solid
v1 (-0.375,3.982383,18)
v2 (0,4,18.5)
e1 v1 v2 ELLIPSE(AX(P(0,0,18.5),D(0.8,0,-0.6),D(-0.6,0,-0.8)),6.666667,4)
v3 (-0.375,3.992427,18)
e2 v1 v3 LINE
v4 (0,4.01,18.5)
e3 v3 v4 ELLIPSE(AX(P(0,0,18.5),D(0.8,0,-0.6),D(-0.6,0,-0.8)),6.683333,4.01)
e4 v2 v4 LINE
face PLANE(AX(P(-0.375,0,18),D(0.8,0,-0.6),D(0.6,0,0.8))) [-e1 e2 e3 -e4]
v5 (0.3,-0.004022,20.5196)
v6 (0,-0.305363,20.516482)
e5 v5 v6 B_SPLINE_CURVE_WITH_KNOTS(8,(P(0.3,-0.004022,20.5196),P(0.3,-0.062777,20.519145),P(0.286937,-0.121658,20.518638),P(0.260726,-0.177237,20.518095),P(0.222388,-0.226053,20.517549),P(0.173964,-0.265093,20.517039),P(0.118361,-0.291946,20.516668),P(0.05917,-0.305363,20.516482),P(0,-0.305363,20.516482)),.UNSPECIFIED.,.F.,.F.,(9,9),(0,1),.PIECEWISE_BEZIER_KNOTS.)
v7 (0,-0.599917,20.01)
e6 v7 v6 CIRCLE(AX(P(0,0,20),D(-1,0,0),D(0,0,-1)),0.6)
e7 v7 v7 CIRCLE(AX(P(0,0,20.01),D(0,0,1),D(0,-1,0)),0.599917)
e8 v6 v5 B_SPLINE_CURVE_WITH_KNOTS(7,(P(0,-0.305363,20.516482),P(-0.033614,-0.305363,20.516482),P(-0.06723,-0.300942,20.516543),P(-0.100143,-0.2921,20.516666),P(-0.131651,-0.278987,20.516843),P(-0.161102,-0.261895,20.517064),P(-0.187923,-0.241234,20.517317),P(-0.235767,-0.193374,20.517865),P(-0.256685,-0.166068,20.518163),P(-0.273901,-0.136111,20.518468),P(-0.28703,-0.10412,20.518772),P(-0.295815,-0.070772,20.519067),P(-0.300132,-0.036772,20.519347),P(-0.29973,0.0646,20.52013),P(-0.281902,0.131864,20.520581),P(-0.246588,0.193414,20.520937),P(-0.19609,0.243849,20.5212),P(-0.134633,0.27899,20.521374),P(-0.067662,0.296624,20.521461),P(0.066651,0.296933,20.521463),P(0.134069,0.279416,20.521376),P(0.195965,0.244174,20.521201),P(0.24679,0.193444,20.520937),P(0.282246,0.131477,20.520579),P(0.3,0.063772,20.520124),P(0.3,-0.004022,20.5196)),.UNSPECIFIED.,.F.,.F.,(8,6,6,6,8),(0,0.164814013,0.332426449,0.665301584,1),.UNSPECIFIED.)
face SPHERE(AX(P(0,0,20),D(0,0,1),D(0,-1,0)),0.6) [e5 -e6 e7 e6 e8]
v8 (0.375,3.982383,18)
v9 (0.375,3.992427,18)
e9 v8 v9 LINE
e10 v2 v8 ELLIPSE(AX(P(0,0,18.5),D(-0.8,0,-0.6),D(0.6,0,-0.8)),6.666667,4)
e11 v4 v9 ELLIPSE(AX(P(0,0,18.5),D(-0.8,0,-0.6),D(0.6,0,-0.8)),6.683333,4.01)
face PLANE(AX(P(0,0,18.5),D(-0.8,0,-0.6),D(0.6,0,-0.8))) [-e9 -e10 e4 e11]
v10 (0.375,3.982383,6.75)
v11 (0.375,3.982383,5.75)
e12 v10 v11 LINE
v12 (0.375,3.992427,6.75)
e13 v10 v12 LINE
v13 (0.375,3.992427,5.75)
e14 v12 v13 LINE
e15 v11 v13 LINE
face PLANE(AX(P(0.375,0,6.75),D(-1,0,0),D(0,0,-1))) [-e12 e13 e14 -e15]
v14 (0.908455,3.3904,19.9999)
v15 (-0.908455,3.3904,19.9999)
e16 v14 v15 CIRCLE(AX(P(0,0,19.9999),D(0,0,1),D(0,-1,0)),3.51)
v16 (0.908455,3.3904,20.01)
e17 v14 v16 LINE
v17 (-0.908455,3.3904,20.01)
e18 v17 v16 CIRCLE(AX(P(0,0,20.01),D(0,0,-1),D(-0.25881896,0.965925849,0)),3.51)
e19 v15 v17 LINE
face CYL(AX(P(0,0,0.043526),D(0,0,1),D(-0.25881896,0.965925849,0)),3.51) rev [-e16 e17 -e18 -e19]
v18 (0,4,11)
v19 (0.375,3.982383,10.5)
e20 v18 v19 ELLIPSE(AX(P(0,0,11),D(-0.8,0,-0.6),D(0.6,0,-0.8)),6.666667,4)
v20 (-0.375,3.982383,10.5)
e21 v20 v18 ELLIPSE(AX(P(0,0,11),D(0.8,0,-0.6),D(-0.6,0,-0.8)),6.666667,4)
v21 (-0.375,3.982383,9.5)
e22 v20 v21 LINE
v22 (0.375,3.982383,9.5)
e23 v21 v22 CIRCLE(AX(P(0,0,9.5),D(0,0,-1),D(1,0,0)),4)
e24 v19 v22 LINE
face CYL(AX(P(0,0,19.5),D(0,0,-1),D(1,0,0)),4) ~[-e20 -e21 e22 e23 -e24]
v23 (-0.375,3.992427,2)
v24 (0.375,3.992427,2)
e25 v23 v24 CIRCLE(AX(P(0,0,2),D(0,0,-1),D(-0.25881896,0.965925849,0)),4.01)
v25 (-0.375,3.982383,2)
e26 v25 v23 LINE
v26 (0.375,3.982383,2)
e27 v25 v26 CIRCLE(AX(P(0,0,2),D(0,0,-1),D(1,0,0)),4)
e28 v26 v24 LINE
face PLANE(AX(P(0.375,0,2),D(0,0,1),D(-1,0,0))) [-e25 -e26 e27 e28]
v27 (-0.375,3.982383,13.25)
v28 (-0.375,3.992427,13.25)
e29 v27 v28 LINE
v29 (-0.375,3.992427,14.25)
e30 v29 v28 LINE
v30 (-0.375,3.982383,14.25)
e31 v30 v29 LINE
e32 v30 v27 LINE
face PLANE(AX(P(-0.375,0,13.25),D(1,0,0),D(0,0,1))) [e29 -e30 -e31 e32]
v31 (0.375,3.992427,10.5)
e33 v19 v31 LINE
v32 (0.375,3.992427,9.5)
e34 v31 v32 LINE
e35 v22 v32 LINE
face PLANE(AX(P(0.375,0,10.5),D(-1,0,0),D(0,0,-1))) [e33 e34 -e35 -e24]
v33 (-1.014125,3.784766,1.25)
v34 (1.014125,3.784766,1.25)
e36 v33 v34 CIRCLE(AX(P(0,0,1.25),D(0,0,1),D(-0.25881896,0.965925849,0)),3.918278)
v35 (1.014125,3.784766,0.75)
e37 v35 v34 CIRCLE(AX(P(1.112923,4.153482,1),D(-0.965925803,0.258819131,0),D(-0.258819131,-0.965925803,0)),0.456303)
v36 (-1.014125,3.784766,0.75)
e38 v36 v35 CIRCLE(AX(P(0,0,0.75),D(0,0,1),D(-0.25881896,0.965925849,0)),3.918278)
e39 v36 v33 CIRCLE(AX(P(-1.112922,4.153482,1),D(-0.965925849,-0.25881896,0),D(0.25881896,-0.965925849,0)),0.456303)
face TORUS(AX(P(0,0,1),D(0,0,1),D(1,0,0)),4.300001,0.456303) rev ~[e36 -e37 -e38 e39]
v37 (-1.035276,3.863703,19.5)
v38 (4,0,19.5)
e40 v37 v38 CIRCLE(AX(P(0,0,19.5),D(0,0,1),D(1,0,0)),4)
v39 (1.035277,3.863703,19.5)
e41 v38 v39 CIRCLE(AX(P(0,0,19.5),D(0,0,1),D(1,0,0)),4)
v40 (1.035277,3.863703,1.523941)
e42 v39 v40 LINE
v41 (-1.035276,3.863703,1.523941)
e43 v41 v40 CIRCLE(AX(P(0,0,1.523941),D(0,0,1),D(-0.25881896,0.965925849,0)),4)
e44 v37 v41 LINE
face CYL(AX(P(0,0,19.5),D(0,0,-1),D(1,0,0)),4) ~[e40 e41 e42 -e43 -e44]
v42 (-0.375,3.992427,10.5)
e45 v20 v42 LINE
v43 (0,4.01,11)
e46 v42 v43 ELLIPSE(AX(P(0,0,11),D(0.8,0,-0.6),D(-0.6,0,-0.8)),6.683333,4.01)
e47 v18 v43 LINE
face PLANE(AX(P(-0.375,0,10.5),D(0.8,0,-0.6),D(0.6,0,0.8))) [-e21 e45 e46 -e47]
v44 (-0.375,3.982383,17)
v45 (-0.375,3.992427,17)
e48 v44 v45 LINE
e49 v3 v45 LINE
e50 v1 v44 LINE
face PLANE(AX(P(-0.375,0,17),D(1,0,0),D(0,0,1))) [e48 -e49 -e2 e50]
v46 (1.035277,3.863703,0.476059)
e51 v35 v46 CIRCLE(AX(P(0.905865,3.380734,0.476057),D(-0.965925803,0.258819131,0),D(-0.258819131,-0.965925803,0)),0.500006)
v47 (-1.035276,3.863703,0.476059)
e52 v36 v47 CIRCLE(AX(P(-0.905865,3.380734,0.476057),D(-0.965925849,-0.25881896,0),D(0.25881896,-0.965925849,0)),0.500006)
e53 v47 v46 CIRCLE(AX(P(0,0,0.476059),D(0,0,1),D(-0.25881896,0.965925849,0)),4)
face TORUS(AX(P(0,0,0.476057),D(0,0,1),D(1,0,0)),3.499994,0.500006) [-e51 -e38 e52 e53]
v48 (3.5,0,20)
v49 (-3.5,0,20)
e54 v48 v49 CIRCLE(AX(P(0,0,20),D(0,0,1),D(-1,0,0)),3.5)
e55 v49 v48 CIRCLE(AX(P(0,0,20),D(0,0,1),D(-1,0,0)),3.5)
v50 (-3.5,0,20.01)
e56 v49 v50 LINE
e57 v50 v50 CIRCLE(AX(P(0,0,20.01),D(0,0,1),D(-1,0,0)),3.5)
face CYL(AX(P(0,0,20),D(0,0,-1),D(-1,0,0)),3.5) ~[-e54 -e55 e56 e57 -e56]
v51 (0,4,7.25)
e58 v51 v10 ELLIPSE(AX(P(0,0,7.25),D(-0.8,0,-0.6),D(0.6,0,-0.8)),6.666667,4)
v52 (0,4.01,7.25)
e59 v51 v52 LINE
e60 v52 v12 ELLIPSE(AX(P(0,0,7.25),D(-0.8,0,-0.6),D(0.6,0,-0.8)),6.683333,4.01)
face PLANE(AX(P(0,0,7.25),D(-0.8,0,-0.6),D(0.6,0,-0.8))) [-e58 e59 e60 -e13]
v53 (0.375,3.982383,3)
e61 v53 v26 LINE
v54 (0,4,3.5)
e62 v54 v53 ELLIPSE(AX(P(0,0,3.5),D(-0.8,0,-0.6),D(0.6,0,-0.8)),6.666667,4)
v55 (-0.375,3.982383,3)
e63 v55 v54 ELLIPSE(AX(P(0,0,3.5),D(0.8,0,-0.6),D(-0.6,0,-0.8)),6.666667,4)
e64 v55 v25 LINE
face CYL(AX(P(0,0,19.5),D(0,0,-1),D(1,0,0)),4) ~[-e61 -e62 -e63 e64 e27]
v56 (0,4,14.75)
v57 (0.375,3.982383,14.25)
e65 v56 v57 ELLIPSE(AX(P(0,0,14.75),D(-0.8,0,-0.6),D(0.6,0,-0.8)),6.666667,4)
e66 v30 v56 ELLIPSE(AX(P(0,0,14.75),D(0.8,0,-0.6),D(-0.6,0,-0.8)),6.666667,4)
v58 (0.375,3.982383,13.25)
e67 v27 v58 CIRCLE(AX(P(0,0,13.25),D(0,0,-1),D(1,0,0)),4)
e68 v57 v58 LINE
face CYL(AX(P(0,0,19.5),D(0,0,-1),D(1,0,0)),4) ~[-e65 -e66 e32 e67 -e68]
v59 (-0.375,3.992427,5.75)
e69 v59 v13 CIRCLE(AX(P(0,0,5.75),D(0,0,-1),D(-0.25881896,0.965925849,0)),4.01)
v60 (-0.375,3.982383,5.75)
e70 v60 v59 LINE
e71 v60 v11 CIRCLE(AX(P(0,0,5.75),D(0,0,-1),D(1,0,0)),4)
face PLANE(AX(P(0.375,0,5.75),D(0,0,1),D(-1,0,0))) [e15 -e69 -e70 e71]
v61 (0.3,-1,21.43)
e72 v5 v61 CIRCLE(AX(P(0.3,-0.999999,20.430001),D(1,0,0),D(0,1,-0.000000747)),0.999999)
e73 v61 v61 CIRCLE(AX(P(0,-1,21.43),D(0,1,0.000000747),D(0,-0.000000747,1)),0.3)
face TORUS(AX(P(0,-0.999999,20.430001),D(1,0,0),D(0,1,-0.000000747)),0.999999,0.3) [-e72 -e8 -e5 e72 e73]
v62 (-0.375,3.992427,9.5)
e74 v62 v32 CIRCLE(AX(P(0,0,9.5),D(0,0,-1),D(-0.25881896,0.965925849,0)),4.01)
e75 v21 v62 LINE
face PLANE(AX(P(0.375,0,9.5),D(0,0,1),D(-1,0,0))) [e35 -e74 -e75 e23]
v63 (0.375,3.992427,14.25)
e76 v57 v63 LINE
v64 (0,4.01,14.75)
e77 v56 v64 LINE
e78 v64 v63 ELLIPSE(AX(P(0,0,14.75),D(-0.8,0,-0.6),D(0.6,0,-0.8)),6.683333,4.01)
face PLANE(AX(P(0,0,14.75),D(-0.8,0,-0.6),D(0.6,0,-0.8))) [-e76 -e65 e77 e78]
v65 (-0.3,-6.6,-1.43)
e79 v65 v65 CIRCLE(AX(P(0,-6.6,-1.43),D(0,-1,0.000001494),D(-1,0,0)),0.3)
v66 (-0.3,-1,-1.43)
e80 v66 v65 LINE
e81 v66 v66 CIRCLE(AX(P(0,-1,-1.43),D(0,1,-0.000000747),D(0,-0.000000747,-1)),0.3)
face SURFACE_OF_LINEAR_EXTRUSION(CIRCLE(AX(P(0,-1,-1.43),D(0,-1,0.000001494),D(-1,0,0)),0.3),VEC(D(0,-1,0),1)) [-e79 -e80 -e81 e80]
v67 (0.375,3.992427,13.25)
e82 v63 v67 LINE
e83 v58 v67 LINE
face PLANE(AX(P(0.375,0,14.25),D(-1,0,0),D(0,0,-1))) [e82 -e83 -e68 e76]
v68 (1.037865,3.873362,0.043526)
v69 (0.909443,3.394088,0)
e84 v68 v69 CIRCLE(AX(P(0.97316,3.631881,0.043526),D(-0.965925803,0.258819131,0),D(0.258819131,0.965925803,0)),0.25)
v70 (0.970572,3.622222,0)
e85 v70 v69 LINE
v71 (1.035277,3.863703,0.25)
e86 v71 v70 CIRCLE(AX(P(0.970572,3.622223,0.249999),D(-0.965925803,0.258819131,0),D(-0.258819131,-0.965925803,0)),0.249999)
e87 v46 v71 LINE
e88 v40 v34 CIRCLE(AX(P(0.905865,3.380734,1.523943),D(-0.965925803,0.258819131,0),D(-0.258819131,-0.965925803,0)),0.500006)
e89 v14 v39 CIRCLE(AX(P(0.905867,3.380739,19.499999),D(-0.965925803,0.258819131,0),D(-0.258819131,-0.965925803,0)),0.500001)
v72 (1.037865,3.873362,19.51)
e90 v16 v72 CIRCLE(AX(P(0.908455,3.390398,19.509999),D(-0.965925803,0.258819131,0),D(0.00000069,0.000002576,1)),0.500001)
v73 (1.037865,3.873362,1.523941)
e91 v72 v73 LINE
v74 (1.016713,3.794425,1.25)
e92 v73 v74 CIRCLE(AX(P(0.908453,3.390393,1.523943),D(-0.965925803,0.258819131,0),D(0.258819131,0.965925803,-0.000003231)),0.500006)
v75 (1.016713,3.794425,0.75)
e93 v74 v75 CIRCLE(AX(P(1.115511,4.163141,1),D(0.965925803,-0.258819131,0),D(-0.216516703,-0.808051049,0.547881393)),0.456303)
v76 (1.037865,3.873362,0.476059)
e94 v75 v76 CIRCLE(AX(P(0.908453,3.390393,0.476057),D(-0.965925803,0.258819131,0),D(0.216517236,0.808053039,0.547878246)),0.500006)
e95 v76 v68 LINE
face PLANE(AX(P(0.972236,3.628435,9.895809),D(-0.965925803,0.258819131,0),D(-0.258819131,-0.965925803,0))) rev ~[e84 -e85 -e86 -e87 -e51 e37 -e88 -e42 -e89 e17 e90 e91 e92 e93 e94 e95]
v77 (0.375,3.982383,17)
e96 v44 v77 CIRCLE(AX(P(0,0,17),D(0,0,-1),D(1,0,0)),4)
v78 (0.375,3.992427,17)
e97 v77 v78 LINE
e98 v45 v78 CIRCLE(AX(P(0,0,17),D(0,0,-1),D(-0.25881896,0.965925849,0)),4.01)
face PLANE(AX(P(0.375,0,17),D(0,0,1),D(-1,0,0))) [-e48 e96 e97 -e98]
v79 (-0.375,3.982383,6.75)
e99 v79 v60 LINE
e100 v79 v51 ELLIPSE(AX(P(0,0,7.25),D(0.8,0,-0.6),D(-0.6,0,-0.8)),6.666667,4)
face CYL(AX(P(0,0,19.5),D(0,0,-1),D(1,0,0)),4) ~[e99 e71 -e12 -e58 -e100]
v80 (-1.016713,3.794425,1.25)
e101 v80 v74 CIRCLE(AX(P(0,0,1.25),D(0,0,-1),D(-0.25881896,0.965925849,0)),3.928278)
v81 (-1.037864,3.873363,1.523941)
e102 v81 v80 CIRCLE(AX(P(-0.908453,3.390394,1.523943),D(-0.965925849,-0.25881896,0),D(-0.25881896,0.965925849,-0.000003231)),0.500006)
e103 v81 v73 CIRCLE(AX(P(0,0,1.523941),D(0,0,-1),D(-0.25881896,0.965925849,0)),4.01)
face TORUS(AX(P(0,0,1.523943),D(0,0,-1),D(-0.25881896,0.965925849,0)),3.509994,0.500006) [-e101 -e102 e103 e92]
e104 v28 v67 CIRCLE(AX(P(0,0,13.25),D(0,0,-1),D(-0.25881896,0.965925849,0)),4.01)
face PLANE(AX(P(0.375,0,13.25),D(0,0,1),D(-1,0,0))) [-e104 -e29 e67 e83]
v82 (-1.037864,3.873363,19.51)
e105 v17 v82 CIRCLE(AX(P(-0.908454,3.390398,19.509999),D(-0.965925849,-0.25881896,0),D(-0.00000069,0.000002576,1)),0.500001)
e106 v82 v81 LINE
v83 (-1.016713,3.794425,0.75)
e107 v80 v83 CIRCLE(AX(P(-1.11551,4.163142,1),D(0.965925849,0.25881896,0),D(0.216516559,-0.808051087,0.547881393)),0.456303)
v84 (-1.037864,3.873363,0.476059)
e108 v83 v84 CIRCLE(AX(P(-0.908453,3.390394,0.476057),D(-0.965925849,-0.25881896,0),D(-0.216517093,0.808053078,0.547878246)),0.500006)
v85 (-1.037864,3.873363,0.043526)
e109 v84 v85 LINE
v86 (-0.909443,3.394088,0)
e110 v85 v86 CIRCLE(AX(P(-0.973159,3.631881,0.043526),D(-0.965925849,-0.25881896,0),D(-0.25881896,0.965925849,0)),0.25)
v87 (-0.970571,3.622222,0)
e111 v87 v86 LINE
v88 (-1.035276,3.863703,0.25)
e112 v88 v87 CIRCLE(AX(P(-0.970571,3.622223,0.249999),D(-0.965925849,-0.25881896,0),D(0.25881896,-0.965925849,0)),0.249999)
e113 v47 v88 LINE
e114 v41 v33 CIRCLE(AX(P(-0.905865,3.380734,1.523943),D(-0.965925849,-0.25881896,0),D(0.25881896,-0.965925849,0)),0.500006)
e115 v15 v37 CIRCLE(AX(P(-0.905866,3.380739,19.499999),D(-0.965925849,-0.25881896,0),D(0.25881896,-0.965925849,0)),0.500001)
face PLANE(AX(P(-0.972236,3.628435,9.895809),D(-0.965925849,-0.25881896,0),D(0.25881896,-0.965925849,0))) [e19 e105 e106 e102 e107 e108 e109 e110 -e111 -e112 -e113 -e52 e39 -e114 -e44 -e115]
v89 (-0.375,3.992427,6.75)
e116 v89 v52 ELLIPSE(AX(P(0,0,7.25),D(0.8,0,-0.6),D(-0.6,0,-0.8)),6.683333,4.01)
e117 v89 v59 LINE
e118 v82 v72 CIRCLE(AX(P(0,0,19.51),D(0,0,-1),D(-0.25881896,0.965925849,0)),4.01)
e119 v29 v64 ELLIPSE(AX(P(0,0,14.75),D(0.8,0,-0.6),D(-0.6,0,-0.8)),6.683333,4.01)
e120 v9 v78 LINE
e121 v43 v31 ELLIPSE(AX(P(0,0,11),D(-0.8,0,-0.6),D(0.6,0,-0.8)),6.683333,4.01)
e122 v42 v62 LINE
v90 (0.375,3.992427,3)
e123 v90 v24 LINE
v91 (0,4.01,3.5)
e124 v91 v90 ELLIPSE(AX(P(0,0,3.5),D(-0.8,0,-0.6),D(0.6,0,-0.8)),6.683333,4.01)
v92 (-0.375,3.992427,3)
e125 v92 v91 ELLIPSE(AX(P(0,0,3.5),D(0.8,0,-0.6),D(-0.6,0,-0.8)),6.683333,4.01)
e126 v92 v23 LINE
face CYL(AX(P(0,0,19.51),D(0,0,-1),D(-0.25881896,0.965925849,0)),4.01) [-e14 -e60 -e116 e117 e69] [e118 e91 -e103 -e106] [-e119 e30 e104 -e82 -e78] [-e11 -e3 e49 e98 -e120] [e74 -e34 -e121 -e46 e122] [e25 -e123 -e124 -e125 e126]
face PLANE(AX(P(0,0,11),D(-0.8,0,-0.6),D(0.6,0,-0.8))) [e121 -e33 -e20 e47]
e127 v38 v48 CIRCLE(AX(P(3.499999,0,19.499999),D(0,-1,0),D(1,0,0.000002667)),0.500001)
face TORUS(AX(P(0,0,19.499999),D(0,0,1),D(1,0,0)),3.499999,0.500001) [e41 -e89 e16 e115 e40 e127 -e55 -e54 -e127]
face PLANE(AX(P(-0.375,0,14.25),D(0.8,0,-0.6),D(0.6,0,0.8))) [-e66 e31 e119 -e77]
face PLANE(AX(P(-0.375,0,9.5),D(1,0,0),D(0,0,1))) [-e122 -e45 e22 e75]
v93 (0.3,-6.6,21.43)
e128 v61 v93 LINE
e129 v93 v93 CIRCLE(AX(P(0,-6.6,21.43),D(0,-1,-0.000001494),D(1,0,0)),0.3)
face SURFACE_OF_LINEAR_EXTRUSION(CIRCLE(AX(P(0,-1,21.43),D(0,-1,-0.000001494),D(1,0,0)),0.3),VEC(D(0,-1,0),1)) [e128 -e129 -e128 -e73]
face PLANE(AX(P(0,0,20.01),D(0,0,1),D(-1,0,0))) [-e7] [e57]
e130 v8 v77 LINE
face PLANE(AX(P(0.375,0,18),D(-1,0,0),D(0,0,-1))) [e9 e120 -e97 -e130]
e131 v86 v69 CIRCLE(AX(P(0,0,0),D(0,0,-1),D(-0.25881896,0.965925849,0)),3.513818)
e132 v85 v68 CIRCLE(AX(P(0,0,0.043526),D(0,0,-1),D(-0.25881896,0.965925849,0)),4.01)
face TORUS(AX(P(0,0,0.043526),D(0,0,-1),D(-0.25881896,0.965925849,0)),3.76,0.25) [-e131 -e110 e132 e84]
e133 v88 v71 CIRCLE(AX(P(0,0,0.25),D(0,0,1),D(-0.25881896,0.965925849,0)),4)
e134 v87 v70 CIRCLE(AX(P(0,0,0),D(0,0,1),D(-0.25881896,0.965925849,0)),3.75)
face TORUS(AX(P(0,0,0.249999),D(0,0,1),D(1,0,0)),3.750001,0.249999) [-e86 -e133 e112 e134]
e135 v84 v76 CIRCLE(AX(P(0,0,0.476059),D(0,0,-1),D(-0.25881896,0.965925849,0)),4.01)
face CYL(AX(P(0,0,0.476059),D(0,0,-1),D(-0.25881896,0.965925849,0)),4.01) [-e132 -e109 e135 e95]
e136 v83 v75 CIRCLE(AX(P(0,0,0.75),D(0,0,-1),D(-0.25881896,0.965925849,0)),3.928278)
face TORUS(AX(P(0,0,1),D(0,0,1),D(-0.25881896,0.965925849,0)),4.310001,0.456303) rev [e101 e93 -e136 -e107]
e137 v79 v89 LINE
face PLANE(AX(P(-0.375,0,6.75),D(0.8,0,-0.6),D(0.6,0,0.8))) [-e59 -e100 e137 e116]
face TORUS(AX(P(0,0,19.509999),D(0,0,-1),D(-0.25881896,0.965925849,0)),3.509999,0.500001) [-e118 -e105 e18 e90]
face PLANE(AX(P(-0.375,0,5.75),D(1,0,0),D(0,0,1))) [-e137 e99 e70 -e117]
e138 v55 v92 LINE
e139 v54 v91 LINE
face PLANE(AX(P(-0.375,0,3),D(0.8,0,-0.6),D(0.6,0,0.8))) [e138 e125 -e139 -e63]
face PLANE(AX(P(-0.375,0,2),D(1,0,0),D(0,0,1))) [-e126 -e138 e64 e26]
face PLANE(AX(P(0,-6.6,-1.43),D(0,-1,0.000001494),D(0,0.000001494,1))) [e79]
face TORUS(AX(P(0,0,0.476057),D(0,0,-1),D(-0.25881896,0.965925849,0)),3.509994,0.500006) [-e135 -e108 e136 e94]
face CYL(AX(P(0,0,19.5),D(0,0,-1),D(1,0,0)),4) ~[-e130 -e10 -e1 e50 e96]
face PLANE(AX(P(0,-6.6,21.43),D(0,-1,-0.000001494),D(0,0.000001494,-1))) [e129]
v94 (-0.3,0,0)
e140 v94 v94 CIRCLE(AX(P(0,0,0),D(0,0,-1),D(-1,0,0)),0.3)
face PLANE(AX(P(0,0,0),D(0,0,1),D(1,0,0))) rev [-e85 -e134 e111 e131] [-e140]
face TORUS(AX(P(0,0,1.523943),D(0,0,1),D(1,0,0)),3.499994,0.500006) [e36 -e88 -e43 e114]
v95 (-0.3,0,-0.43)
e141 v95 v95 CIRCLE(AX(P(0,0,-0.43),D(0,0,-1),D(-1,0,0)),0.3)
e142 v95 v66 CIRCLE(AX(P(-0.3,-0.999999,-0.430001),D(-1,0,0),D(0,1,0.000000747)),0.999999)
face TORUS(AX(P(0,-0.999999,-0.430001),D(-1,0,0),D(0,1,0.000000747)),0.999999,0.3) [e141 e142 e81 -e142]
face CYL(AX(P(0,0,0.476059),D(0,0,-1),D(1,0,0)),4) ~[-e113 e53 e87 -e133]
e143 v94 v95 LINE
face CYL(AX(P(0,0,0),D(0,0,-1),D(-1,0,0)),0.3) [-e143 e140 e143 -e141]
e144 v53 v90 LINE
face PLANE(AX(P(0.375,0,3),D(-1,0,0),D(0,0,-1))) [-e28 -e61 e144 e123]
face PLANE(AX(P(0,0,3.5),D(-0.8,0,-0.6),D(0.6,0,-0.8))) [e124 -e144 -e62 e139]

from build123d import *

# Parameters (mm, degrees)
SKETCH011_R             = 0.3
BODY007_PLACEMENT_ANGLE = 180
REVOLUTION001_ANGLE     = -30
POCKET_DEPTH            = 4.011
LINEARPATTERN_COUNT     = 5
LINEARPATTERN_PITCH     = 3.75
SKETCH012_R             = 3.5
PAD_DEPTH               = 0.01
BODY008_PLACEMENT_ANGLE = 90


with BuildPart() as lead:
    # AdditivePipe: sweep along a path in Sketch010
    with BuildLine(Plane(origin=(0, 0, 0), x_dir=(0, -1, 0), z_dir=(-1, 0, 0))) as additivepipe_path:
        Line((0, 20), (0, 20.43))
        ThreePointArc((0, 20.43), (0.292893, 21.137107), (1, 21.43))
        Line((1, 21.43), (6.6, 21.43))
    # Sketch011 → AdditivePipe (sweep)
    with BuildSketch(Plane.XY.offset(20)):
        Circle(SKETCH011_R)
    sweep(path=additivepipe_path.line)


with BuildPart() as leadclone:
    # Body007 base: copy of Lead
    add(lead.part)


with BuildPart() as leadclone_1:
    # Body007 placement: moved
    add(leadclone.part.moved(Location((0, 0, 20))).rotate(Axis((0, 0, 20), (0, 1, 0)), BODY007_PLACEMENT_ANGLE))


with BuildPart() as polaritymarking:
    # Sketch005 → Revolution001 (revolve)
    with BuildSketch(Plane(origin=(0, 0, 0), x_dir=(-0.258819, 0.965926, 0), z_dir=(0.965926, 0.258819, 0))):
        with BuildLine():
            Line((3.51, 0.043526), (3.51, 20.01))
            ThreePointArc((3.51, 20.01), (3.863553, 19.863553), (4.01, 19.51))
            Line((4.01, 19.51), (4.01, 1.523941))
            ThreePointArc((4.01, 1.523941), (3.989134, 1.381006), (3.928278, 1.25))
            ThreePointArc((3.928278, 1.25), (3.853698, 1), (3.928278, 0.75))
            ThreePointArc((3.928278, 0.75), (3.989134, 0.618994), (4.01, 0.476059))
            Line((4.01, 0.476059), (4.01, 0.043526))
            ThreePointArc((4.01, 0.043526), (3.76, -0.206474), (3.51, 0.043526))
        make_face()
    revolve(axis=Axis((0, 0, 0), (0, 0, 1)), revolution_arc=REVOLUTION001_ANGLE)

    # Sketch013 → Pocket (cut, through all)
    with BuildSketch(Plane.XZ):
        Polygon((0.375, 2), (-0.375, 2), (-0.375, 3), (0, 3.5), (0.375, 3), align=None)
    pocket = extrude(amount=-POCKET_DEPTH, mode=Mode.SUBTRACT)

    # LinearPattern: Pocket ×5
    with Locations(*[(0, 0, i * LINEARPATTERN_PITCH) for i in range(1, LINEARPATTERN_COUNT)]):
        add(pocket, mode=Mode.SUBTRACT)


with BuildPart() as housing:
    # Sketch → Revolution (revolve)
    with BuildSketch(Plane.XZ):
        with BuildLine():
            Line((0, 20), (3.5, 20))
            ThreePointArc((4, 19.5), (3.853553, 19.853553), (3.5, 20))
            Line((4, 19.5), (4, 1.523941))
            ThreePointArc((3.918278, 1.25), (3.979134, 1.381006), (4, 1.523941))
            ThreePointArc((3.918278, 1.25), (3.843698, 1), (3.918278, 0.75))
            ThreePointArc((4, 0.476059), (3.979134, 0.618994), (3.918278, 0.75))
            Line((4, 0.476059), (4, 0.25))
            ThreePointArc((3.75, 0), (3.926777, 0.073223), (4, 0.25))
            Line((0, 0), (3.75, 0))
            Line((0, 20), (0, 0))
        make_face()
    revolve(axis=Axis((0, 0, 0), (0, 0, 1)))


with BuildPart() as fusion:
    # Sphere → Sphere (revolve)
    with BuildSketch(Plane.XZ):
        with BuildLine():
            ThreePointArc((0, -0.6), (0.6, 0), (0, 0.6))
            Line((0, 0.6), (0, -0.6))
        make_face()
    revolve(axis=Axis((0, 0, 0), (0, 0, 1)))

    # Sketch012 (on ShapeBinder) → Pad (new body)
    with BuildSketch(Plane(origin=(0, 0, 0), x_dir=(0, -1, 0), z_dir=(0, 0, 1))):
        Circle(SKETCH012_R)
    extrude(amount=PAD_DEPTH)


with BuildPart() as fusion_1:
    # Body008 placement: moved
    add(fusion.part.moved(Location((0, 0, 20))).rotate(Axis((0, 0, 20), (0, 0, -1)), BODY008_PLACEMENT_ANGLE))

    # Fusion: union LeadClone, Lead, PolarityMarking, Housing
    add(leadclone_1.part)
    add(lead.part)
    add(polaritymarking.part)
    add(housing.part)


solid = fusion_1.part
